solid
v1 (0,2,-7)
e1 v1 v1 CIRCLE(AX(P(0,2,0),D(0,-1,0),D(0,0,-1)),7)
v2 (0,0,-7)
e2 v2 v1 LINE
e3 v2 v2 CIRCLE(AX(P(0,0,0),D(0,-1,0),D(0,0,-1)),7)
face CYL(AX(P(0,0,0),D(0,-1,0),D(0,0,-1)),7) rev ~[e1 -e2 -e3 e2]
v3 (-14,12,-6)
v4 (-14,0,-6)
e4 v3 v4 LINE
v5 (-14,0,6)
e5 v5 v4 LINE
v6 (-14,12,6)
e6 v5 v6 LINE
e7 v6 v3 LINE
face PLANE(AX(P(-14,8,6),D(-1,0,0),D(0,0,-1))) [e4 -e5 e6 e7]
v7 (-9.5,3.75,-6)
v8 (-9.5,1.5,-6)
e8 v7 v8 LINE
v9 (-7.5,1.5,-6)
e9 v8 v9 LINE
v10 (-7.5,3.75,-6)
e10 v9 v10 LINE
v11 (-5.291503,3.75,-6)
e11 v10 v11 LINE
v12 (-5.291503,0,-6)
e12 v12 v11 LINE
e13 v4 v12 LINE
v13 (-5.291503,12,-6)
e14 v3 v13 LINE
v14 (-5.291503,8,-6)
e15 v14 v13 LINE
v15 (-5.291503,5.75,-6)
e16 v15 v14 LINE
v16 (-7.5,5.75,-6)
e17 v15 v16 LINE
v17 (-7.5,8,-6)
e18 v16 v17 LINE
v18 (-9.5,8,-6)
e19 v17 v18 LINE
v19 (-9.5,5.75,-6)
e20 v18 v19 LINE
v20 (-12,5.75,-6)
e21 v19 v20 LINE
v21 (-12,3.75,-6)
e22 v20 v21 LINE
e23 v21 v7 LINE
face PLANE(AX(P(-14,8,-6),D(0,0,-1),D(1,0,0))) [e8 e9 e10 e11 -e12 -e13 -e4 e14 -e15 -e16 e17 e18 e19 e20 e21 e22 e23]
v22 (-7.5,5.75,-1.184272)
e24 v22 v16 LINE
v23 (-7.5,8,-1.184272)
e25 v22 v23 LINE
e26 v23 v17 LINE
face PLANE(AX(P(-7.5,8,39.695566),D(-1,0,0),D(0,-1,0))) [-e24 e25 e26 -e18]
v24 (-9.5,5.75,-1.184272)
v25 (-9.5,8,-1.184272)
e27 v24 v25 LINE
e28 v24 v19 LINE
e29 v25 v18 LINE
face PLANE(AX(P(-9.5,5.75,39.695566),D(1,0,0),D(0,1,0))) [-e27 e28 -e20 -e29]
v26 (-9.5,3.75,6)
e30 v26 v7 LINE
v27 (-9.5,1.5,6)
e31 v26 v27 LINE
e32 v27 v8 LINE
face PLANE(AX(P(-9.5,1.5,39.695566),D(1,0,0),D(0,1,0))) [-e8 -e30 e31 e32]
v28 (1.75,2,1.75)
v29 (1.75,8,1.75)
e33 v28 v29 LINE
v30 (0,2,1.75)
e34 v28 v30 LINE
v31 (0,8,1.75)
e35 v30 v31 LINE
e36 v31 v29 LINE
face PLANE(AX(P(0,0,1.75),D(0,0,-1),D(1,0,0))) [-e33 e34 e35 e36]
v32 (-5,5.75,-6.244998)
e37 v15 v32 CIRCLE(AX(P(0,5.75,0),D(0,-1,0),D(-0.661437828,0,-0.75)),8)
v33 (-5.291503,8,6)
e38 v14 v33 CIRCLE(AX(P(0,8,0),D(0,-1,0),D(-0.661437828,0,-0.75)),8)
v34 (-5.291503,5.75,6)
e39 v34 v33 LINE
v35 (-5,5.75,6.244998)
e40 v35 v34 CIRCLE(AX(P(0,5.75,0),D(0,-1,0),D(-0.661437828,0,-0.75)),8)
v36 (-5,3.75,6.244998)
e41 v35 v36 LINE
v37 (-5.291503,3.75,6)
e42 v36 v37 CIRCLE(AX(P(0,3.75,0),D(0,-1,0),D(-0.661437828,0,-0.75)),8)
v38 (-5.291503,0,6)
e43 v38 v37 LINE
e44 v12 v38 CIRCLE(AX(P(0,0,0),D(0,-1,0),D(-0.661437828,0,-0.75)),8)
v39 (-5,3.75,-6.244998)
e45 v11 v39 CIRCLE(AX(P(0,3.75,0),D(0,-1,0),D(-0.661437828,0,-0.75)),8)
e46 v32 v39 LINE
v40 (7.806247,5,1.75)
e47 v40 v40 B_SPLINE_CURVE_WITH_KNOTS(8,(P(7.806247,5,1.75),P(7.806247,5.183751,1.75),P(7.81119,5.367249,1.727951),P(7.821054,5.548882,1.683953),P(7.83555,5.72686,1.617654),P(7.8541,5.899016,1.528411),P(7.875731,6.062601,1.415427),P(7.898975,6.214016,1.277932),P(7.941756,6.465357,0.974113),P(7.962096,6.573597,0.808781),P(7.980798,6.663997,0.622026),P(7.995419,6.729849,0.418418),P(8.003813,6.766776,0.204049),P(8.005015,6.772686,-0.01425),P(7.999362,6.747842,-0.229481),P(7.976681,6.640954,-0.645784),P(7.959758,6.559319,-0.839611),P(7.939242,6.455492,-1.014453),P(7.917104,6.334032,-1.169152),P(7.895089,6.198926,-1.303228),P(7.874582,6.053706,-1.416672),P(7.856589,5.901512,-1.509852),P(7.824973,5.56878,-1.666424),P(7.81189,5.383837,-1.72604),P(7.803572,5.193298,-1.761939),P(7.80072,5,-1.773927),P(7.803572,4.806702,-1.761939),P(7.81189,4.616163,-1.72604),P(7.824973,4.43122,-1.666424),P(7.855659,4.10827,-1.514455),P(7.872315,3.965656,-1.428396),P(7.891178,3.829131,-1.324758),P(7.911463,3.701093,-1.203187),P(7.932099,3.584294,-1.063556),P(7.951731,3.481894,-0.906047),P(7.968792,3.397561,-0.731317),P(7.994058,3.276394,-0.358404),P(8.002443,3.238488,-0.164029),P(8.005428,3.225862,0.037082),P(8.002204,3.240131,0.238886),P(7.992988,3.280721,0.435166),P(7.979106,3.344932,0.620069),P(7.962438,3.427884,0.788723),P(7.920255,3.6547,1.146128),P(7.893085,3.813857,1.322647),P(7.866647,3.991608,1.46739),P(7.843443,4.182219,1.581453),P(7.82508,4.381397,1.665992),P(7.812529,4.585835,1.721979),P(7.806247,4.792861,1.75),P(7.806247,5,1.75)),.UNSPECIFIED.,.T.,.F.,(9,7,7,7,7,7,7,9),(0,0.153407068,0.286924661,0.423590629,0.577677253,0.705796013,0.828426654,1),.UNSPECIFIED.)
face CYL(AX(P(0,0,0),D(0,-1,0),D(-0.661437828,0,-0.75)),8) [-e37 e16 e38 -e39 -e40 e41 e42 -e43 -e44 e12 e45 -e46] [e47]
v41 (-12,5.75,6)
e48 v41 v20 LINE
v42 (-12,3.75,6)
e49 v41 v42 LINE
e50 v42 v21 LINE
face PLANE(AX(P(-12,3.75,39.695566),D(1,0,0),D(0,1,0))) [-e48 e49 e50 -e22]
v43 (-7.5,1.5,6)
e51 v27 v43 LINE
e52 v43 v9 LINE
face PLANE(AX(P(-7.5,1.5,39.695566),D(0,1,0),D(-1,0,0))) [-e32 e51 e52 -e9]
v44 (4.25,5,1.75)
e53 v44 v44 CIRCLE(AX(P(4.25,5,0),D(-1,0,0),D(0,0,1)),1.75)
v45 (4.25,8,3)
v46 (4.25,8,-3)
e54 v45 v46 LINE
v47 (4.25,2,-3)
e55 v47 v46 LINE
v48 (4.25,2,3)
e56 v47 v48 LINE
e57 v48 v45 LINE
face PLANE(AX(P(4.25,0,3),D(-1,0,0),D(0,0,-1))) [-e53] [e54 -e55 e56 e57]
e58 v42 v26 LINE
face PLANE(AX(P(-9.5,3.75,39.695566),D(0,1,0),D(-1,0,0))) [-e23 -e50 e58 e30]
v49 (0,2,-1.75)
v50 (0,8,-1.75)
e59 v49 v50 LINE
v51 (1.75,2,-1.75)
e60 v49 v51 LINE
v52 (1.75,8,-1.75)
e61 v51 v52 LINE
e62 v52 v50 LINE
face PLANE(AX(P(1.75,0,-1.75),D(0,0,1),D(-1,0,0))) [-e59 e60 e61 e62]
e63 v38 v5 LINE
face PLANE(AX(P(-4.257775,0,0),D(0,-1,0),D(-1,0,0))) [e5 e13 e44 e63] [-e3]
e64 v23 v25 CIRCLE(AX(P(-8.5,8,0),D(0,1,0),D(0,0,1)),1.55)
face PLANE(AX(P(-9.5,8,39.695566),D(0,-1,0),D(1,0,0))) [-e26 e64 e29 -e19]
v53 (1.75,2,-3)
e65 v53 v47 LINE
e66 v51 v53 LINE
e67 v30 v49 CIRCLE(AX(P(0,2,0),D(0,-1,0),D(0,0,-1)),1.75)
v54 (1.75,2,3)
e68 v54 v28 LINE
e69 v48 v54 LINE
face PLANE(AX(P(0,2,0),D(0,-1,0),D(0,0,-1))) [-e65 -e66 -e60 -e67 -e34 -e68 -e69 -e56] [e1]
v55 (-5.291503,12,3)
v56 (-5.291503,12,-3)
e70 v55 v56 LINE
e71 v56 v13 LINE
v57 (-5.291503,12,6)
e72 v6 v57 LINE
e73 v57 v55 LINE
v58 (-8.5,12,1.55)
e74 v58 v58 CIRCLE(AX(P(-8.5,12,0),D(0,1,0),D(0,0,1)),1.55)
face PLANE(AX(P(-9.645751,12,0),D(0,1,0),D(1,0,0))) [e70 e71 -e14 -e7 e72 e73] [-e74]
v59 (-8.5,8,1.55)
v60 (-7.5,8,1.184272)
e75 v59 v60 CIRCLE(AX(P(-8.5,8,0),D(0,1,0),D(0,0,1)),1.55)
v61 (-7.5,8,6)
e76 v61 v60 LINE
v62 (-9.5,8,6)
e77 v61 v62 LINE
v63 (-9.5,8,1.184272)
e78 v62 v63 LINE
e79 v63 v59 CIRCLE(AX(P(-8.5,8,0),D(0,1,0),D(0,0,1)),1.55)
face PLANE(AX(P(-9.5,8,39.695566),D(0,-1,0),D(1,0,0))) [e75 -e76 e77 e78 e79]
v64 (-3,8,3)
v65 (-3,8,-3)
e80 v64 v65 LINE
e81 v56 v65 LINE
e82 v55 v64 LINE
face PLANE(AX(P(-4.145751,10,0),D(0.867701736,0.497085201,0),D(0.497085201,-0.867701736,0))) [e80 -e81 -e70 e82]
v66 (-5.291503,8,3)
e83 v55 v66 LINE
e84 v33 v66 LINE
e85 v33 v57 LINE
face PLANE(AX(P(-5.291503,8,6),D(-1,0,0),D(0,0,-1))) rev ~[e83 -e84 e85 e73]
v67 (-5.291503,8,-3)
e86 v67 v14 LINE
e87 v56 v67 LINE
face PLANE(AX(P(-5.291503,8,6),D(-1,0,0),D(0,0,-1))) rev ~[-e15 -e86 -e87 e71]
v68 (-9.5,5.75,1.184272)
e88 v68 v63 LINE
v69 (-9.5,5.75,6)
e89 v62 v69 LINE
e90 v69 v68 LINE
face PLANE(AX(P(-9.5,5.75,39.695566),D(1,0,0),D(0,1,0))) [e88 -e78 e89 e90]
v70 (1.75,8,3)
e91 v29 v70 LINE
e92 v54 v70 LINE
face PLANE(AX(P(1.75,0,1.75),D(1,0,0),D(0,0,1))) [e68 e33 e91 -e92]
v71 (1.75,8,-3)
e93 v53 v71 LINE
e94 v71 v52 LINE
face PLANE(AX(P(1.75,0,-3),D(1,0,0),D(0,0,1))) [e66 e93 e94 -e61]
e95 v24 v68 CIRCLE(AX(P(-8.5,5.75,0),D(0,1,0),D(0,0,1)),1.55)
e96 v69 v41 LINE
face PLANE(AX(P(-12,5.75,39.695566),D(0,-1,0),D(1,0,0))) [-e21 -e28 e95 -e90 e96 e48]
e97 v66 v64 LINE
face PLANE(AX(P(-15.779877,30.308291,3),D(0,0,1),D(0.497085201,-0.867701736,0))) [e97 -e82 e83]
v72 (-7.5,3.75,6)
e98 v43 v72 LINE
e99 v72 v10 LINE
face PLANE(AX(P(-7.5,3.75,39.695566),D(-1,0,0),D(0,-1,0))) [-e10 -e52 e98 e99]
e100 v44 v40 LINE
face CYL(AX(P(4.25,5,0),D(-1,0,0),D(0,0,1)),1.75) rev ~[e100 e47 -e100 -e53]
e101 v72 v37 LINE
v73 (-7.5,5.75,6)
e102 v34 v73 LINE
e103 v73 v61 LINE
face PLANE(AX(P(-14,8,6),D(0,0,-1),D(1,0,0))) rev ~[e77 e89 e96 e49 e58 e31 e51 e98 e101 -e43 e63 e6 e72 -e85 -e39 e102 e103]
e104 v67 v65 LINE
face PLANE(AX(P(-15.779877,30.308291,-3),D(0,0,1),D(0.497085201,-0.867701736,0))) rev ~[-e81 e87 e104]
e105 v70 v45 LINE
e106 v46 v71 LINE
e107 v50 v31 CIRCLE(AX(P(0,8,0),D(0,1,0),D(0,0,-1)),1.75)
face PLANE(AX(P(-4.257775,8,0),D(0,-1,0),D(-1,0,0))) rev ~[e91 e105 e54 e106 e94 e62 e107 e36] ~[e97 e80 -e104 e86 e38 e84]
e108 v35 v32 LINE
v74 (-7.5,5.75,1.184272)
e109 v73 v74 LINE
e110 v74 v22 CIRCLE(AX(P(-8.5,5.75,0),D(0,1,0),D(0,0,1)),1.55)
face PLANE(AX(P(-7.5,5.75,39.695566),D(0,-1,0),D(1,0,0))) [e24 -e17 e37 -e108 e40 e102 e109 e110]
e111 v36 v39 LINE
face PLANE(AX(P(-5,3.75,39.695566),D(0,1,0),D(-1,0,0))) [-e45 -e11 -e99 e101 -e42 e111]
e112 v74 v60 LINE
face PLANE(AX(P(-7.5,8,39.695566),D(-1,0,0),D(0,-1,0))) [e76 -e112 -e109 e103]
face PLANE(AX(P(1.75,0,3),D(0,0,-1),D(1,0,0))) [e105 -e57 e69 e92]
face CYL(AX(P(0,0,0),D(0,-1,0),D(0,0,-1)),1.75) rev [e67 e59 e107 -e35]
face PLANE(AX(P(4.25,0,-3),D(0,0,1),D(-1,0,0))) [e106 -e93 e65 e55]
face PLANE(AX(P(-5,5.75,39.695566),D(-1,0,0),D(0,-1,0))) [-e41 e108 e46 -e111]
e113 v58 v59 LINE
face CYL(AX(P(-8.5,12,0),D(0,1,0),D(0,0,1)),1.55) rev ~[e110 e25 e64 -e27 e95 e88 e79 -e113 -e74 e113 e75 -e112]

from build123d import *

# Parameters (mm, degrees)
EXTRUDE_1_DEPTH          = 8
SKETCH_4_R               = 7
CUT_EXTRUDE_3_DEPTH      = 2
SKETCH_7_W               = 8.708497378
SKETCH_7_H               = 12
EXTRUDE_2_DEPTH          = 4
SKETCH_2_R               = 1.75
CUT_EXTRUDE_1_DEPTH      = 24.260750203
CUT_EXTRUDE_2_DEPTH      = 33.695565574
CUT_EXTRUDE_2_DEPTH_BACK = 33.695565574
CUT_EXTRUDE_4_REACH      = 22.1
SKETCH_5_R               = 1.55
RIB_1_REACH              = 22.1
SKETCH_8_WALL_W          = 46.80938155
SKETCH_8_WALL_H          = 6


with BuildPart() as part:
    # 草图1 → 凸台-拉伸1 (new body)
    with BuildSketch(Plane(origin=(0, 0, 0), x_dir=(1, 0, 0), z_dir=(0, 1, 0))):
        with BuildLine():
            Line((-14, 6), (-5.291502622, 6))
            ThreePointArc((-5.291502622, 6), (8, 0), (-5.291502622, -6))
            Line((-5.291502622, -6), (-14, -6))
            Line((-14, -6), (-14, 6))
        make_face()
        with BuildLine():
            Line((1.75, 3), (1.75, 1.75))
            Line((1.75, 1.75), (0, 1.75))
            ThreePointArc((0, 1.75), (-1.75, 0), (0, -1.75))
            Line((0, -1.75), (1.75, -1.75))
            Line((1.75, -1.75), (1.75, -3))
            Line((1.75, -3), (4.25, -3))
            Line((4.25, -3), (4.25, 3))
            Line((4.25, 3), (1.75, 3))
        make_face(mode=Mode.SUBTRACT)
    extrude(amount=EXTRUDE_1_DEPTH)

    # 草图4 → 切除-拉伸3 (cut)
    with BuildSketch(Plane.XZ):
        with Locations(Location((0, 0, 0), (0, 0, 270))):
            Circle(SKETCH_4_R)
    extrude(amount=-CUT_EXTRUDE_3_DEPTH, mode=Mode.SUBTRACT)

    # 草图7 → 凸台-拉伸2 (add)
    with BuildSketch(Plane(origin=(0, 8, 0), x_dir=(1, 0, 0), z_dir=(0, 1, 0))):
        with Locations((-9.645751311, 0)):
            Rectangle(SKETCH_7_W, SKETCH_7_H)
    extrude(amount=EXTRUDE_2_DEPTH)

    # 草图2 → 切除-拉伸1 (cut, through all)
    with BuildSketch(Plane.ZY.offset(-4.25)):
        with Locations((0, 5)):
            Circle(SKETCH_2_R)
    extrude(amount=-CUT_EXTRUDE_1_DEPTH, mode=Mode.SUBTRACT)

    # 草图3 → 切除-拉伸2 (cut, two sides: drawn at the far end of the back side and taken through both)
    with BuildSketch(Plane(origin=(-19, 0, 6), x_dir=(-1, 0, 0), z_dir=(0, 0, -1)).offset(-CUT_EXTRUDE_2_DEPTH_BACK)):
        Polygon((-11.5, 1.5), (-9.5, 1.5), (-9.5, 3.75), (-7, 3.75), (-7, 5.75), (-9.5, 5.75), (-9.5, 8), (-11.5, 8), (-11.5, 5.75), (-14, 5.75), (-14, 3.75), (-11.5, 3.75), align=None)
    extrude(amount=CUT_EXTRUDE_2_DEPTH + CUT_EXTRUDE_2_DEPTH_BACK, mode=Mode.SUBTRACT)

    # 草图5 → 切除-拉伸4 (cut, up to next)
    with BuildSketch(Plane(origin=(0, 12, 0), x_dir=(1, 0, 0), z_dir=(0, 1, 0)), mode=Mode.PRIVATE) as cut_extrude_4_sk1:
        with Locations(Location((-8.5, 0, 0), (0, 0, 270))):
            Circle(SKETCH_5_R)
    cut_extrude_4_tool1 = extrude(cut_extrude_4_sk1.sketch, amount=-CUT_EXTRUDE_4_REACH, mode=Mode.PRIVATE) & part.part
    add(cut_extrude_4_tool1.solids().sort_by_distance((-8.5, 12, 0))[0], mode=Mode.SUBTRACT)

    # 草图8 wall → 筋1 (add, up to next)
    with BuildSketch(Plane(origin=(-4.145751311, 10, 0), x_dir=(0.497085200913, -0.867701736216, 0), z_dir=(0.867701736216, 0.497085200913, 0)), mode=Mode.PRIVATE) as rib_1_sk1:
        Rectangle(SKETCH_8_WALL_W, SKETCH_8_WALL_H)
    rib_1_tool1 = extrude(rib_1_sk1.sketch, amount=-RIB_1_REACH, mode=Mode.PRIVATE) - part.part
    add(rib_1_tool1.solids().sort_by_distance((-4.145751311, 10, 0))[0])


solid = part.part
